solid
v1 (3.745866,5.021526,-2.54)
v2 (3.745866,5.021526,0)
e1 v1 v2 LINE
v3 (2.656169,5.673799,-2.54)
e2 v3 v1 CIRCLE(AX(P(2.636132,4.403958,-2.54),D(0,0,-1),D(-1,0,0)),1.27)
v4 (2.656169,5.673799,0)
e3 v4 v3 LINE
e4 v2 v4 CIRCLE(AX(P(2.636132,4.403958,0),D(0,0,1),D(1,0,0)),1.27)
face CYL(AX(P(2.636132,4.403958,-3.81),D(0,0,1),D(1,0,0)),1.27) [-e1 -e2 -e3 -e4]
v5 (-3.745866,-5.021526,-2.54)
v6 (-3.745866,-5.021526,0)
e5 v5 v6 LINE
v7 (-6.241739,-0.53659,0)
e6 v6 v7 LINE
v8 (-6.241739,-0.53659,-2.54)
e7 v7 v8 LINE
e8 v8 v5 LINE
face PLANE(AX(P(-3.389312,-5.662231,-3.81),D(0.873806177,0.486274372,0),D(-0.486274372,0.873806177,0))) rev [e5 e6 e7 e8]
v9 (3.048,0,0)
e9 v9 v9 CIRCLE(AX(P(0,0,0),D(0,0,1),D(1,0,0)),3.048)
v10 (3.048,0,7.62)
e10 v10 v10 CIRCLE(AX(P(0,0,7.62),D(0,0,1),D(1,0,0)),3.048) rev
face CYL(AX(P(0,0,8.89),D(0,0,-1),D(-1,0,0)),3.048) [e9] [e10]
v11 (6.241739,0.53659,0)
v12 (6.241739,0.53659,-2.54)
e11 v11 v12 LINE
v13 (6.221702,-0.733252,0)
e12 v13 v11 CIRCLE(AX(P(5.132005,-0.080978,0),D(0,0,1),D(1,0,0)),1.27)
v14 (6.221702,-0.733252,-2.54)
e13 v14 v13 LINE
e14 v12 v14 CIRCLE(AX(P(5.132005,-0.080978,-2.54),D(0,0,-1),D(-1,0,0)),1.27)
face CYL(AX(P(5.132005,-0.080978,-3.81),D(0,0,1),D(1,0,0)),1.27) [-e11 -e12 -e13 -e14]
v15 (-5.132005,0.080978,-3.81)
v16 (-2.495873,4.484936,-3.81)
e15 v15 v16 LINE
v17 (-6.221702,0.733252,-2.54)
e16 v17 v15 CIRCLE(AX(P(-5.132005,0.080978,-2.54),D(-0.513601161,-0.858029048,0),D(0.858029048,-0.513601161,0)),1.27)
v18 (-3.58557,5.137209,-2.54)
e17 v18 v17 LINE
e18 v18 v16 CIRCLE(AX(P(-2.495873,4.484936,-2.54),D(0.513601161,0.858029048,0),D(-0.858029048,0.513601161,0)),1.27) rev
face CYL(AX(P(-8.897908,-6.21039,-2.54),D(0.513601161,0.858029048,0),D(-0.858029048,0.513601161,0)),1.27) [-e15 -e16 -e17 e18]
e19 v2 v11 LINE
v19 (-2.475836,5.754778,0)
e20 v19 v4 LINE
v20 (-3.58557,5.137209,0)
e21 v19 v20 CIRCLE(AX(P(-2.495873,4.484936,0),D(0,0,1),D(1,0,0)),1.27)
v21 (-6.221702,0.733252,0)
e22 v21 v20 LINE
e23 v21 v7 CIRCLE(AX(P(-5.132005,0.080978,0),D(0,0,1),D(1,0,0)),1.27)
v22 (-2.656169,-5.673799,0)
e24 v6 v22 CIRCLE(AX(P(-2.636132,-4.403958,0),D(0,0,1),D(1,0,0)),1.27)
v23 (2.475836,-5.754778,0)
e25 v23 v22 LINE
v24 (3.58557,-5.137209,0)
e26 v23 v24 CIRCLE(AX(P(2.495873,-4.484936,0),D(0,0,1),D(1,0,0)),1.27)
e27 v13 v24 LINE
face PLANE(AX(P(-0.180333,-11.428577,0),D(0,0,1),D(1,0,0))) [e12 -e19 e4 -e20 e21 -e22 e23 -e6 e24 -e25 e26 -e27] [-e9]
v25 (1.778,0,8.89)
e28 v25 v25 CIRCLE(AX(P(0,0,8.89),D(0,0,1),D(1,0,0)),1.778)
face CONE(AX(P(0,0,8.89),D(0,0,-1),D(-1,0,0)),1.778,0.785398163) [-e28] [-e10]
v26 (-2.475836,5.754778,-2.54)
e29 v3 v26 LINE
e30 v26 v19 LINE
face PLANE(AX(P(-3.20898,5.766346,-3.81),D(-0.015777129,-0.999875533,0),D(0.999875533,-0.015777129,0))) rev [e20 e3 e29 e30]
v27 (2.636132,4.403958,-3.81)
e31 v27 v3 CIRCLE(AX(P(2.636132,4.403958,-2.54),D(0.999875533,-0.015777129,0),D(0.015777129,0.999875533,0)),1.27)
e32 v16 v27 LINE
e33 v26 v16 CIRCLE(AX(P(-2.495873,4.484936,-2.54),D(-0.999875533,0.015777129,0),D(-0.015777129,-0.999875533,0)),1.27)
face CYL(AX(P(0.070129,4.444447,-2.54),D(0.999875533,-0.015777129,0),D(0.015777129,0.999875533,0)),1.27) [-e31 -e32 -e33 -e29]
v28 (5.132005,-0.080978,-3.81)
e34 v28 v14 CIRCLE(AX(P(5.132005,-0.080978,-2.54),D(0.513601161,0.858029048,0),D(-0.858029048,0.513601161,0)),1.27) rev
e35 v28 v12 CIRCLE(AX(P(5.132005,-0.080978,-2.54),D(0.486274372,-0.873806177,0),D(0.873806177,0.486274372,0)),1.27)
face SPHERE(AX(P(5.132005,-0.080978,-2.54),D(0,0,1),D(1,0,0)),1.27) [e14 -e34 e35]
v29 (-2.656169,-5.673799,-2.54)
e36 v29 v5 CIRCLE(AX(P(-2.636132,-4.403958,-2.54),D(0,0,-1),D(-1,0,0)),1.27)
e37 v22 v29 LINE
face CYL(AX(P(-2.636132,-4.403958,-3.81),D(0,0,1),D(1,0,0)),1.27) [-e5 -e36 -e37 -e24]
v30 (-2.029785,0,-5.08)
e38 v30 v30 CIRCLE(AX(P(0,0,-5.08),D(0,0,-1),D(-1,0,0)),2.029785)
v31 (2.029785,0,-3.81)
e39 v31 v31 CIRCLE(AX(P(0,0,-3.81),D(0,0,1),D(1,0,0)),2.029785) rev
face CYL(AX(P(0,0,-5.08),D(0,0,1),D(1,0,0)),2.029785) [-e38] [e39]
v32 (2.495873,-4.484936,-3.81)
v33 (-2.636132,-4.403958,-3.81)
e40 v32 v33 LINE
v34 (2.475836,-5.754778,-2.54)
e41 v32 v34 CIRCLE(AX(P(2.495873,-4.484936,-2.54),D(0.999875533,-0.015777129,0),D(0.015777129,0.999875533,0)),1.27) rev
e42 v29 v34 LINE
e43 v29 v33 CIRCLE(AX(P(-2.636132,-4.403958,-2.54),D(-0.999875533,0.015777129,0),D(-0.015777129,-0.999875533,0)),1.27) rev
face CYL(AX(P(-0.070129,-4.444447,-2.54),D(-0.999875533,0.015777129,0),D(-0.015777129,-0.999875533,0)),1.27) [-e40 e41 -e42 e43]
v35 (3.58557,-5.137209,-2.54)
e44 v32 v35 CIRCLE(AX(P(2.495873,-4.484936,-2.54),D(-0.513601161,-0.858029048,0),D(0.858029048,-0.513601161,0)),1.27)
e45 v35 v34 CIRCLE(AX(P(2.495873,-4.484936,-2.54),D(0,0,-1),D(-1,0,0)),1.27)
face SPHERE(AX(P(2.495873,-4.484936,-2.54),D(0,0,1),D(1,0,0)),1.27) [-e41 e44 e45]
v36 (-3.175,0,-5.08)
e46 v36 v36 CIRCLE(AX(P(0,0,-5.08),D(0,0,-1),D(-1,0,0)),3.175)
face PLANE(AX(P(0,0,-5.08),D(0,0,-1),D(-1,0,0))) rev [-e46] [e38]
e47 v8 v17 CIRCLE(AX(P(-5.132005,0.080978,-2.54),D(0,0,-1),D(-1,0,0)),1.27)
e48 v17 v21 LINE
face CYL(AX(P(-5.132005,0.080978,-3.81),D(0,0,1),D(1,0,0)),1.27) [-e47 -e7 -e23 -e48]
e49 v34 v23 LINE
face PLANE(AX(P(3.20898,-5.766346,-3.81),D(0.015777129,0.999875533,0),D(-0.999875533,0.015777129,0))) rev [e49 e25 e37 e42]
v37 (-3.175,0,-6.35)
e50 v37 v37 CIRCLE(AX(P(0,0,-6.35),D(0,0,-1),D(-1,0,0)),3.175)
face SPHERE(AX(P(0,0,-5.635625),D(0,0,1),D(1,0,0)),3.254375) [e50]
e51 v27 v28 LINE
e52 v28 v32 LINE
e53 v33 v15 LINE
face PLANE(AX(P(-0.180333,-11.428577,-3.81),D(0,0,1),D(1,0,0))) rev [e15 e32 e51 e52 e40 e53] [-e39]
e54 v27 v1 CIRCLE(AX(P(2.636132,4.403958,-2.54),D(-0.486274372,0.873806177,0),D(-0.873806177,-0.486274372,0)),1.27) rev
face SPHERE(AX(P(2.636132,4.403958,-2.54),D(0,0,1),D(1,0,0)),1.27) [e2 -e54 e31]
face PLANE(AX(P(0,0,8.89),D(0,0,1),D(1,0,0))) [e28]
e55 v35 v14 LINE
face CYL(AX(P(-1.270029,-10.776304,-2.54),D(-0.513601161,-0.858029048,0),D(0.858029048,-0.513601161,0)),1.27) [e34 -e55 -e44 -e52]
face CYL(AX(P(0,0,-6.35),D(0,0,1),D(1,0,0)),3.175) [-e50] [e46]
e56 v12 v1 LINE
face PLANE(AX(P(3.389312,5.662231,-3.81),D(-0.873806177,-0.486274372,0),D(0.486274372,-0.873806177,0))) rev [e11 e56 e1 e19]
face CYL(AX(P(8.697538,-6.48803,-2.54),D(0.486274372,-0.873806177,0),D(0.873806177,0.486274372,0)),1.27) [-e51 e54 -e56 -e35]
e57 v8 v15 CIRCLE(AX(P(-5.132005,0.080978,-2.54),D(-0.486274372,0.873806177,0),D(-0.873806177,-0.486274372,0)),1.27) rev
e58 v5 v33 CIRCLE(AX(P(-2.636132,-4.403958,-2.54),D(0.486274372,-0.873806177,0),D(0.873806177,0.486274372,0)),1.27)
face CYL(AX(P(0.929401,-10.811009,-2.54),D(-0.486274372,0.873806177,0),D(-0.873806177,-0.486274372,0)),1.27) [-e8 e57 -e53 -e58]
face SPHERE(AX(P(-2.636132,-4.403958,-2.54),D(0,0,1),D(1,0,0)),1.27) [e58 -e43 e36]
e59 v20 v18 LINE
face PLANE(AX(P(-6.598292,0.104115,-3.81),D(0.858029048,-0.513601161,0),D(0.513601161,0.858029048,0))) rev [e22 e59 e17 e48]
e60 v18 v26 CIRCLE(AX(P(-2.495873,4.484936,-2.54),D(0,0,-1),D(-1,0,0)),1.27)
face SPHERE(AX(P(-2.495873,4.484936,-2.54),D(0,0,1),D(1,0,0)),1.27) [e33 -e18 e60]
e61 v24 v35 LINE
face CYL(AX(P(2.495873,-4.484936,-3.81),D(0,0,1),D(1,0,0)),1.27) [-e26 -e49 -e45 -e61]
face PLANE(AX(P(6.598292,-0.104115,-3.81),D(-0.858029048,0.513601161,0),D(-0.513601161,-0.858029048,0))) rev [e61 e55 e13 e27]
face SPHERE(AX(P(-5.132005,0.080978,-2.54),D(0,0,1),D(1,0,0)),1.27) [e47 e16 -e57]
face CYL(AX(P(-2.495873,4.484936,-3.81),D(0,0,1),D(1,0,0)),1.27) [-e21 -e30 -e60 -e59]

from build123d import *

# Parameters (mm, degrees)
SKETCH1_R         = 3.048
EXTRUDE1_DEPTH    = 8.89
CHAMFER1_SIZE     = 1.27
EXTRUDE2_DEPTH    = 3.81
SKETCH3_R         = 2.029785207
EXTRUDE3_DEPTH    = 1.27
SKETCH4_R         = 3.175
EXTRUDE4_DEPTH    = 1.27
DOME1_FACE_RADIUS = 3.175
DOME1_HEIGHT      = 2.54
FILLET1_R         = 1.27


with BuildPart() as part:
    # Sketch1 → Extrude1 (new body)
    with BuildSketch(Plane.XY):
        Circle(SKETCH1_R)
    extrude(amount=EXTRUDE1_DEPTH)

    # Chamfer1
    chamfer1_edges = [part.edges().sort_by_distance(p)[0] for p in [
        (-3.048, 0, 8.89),
    ]]
    chamfer(chamfer1_edges, length=CHAMFER1_SIZE)

    # Sketch2 → Extrude2 (add)
    with BuildSketch(Plane(origin=(0, 0, 0), x_dir=(-1, 0, 0), z_dir=(0, 0, -1))):
        Polygon((6.598292207, 0.104115064), (3.208979813, 5.766346205), (-3.389312394, 5.662231141), (-6.598292207, -0.104115064), (-3.208979813, -5.766346205), (3.389312394, -5.662231141), align=None)
    extrude(amount=EXTRUDE2_DEPTH)

    # Sketch3 → Extrude3 (add)
    with BuildSketch(Plane(origin=(0, 0, -3.81), x_dir=(-1, 0, 0), z_dir=(0, 0, -1))):
        Circle(SKETCH3_R)
    extrude(amount=EXTRUDE3_DEPTH)

    # Sketch4 → Extrude4 (add)
    with BuildSketch(Plane(origin=(0, 0, -5.08), x_dir=(-1, 0, 0), z_dir=(0, 0, -1))):
        Circle(SKETCH4_R)
    extrude(amount=EXTRUDE4_DEPTH)

    # Dome1: a dome of height H over a round flat face of radius A is a cap of a sphere of radius (A * A + H * H) / (2 * H)
    dome1_r = (DOME1_FACE_RADIUS * DOME1_FACE_RADIUS + DOME1_HEIGHT * DOME1_HEIGHT) / (2 * DOME1_HEIGHT)
    dome1_base = Plane((0, 0, -6.35), z_dir=(0, 0, -1))
    with Locations(dome1_base.offset(DOME1_HEIGHT - dome1_r)):
        dome1_ball = Sphere(dome1_r, mode=Mode.PRIVATE)
    add(split(dome1_ball, bisect_by=dome1_base, keep=Keep.TOP, mode=Mode.PRIVATE))

    # Fillet1
    fillet1_edges = [part.edges().sort_by_distance(p)[0] for p in [
        (3.389312394, 5.662231141, -1.905),
        (6.598292207, -0.104115064, -1.905),
        (3.208979813, -5.766346205, -1.905),
        (-4.993802301, -2.779058038, -3.81),
        (-4.90363601, 2.935230635, -3.81),
        (0.090166291, 5.714288673, -3.81),
        (4.993802301, 2.779058038, -3.81),
        (4.90363601, -2.935230635, -3.81),
        (-0.090166291, -5.714288673, -3.81),
        (-3.389312394, -5.662231141, -1.905),
        (-6.598292207, 0.104115064, -1.905),
        (-3.208979813, 5.766346205, -1.905),
    ]]
    fillet(fillet1_edges, radius=FILLET1_R)


solid = part.part
